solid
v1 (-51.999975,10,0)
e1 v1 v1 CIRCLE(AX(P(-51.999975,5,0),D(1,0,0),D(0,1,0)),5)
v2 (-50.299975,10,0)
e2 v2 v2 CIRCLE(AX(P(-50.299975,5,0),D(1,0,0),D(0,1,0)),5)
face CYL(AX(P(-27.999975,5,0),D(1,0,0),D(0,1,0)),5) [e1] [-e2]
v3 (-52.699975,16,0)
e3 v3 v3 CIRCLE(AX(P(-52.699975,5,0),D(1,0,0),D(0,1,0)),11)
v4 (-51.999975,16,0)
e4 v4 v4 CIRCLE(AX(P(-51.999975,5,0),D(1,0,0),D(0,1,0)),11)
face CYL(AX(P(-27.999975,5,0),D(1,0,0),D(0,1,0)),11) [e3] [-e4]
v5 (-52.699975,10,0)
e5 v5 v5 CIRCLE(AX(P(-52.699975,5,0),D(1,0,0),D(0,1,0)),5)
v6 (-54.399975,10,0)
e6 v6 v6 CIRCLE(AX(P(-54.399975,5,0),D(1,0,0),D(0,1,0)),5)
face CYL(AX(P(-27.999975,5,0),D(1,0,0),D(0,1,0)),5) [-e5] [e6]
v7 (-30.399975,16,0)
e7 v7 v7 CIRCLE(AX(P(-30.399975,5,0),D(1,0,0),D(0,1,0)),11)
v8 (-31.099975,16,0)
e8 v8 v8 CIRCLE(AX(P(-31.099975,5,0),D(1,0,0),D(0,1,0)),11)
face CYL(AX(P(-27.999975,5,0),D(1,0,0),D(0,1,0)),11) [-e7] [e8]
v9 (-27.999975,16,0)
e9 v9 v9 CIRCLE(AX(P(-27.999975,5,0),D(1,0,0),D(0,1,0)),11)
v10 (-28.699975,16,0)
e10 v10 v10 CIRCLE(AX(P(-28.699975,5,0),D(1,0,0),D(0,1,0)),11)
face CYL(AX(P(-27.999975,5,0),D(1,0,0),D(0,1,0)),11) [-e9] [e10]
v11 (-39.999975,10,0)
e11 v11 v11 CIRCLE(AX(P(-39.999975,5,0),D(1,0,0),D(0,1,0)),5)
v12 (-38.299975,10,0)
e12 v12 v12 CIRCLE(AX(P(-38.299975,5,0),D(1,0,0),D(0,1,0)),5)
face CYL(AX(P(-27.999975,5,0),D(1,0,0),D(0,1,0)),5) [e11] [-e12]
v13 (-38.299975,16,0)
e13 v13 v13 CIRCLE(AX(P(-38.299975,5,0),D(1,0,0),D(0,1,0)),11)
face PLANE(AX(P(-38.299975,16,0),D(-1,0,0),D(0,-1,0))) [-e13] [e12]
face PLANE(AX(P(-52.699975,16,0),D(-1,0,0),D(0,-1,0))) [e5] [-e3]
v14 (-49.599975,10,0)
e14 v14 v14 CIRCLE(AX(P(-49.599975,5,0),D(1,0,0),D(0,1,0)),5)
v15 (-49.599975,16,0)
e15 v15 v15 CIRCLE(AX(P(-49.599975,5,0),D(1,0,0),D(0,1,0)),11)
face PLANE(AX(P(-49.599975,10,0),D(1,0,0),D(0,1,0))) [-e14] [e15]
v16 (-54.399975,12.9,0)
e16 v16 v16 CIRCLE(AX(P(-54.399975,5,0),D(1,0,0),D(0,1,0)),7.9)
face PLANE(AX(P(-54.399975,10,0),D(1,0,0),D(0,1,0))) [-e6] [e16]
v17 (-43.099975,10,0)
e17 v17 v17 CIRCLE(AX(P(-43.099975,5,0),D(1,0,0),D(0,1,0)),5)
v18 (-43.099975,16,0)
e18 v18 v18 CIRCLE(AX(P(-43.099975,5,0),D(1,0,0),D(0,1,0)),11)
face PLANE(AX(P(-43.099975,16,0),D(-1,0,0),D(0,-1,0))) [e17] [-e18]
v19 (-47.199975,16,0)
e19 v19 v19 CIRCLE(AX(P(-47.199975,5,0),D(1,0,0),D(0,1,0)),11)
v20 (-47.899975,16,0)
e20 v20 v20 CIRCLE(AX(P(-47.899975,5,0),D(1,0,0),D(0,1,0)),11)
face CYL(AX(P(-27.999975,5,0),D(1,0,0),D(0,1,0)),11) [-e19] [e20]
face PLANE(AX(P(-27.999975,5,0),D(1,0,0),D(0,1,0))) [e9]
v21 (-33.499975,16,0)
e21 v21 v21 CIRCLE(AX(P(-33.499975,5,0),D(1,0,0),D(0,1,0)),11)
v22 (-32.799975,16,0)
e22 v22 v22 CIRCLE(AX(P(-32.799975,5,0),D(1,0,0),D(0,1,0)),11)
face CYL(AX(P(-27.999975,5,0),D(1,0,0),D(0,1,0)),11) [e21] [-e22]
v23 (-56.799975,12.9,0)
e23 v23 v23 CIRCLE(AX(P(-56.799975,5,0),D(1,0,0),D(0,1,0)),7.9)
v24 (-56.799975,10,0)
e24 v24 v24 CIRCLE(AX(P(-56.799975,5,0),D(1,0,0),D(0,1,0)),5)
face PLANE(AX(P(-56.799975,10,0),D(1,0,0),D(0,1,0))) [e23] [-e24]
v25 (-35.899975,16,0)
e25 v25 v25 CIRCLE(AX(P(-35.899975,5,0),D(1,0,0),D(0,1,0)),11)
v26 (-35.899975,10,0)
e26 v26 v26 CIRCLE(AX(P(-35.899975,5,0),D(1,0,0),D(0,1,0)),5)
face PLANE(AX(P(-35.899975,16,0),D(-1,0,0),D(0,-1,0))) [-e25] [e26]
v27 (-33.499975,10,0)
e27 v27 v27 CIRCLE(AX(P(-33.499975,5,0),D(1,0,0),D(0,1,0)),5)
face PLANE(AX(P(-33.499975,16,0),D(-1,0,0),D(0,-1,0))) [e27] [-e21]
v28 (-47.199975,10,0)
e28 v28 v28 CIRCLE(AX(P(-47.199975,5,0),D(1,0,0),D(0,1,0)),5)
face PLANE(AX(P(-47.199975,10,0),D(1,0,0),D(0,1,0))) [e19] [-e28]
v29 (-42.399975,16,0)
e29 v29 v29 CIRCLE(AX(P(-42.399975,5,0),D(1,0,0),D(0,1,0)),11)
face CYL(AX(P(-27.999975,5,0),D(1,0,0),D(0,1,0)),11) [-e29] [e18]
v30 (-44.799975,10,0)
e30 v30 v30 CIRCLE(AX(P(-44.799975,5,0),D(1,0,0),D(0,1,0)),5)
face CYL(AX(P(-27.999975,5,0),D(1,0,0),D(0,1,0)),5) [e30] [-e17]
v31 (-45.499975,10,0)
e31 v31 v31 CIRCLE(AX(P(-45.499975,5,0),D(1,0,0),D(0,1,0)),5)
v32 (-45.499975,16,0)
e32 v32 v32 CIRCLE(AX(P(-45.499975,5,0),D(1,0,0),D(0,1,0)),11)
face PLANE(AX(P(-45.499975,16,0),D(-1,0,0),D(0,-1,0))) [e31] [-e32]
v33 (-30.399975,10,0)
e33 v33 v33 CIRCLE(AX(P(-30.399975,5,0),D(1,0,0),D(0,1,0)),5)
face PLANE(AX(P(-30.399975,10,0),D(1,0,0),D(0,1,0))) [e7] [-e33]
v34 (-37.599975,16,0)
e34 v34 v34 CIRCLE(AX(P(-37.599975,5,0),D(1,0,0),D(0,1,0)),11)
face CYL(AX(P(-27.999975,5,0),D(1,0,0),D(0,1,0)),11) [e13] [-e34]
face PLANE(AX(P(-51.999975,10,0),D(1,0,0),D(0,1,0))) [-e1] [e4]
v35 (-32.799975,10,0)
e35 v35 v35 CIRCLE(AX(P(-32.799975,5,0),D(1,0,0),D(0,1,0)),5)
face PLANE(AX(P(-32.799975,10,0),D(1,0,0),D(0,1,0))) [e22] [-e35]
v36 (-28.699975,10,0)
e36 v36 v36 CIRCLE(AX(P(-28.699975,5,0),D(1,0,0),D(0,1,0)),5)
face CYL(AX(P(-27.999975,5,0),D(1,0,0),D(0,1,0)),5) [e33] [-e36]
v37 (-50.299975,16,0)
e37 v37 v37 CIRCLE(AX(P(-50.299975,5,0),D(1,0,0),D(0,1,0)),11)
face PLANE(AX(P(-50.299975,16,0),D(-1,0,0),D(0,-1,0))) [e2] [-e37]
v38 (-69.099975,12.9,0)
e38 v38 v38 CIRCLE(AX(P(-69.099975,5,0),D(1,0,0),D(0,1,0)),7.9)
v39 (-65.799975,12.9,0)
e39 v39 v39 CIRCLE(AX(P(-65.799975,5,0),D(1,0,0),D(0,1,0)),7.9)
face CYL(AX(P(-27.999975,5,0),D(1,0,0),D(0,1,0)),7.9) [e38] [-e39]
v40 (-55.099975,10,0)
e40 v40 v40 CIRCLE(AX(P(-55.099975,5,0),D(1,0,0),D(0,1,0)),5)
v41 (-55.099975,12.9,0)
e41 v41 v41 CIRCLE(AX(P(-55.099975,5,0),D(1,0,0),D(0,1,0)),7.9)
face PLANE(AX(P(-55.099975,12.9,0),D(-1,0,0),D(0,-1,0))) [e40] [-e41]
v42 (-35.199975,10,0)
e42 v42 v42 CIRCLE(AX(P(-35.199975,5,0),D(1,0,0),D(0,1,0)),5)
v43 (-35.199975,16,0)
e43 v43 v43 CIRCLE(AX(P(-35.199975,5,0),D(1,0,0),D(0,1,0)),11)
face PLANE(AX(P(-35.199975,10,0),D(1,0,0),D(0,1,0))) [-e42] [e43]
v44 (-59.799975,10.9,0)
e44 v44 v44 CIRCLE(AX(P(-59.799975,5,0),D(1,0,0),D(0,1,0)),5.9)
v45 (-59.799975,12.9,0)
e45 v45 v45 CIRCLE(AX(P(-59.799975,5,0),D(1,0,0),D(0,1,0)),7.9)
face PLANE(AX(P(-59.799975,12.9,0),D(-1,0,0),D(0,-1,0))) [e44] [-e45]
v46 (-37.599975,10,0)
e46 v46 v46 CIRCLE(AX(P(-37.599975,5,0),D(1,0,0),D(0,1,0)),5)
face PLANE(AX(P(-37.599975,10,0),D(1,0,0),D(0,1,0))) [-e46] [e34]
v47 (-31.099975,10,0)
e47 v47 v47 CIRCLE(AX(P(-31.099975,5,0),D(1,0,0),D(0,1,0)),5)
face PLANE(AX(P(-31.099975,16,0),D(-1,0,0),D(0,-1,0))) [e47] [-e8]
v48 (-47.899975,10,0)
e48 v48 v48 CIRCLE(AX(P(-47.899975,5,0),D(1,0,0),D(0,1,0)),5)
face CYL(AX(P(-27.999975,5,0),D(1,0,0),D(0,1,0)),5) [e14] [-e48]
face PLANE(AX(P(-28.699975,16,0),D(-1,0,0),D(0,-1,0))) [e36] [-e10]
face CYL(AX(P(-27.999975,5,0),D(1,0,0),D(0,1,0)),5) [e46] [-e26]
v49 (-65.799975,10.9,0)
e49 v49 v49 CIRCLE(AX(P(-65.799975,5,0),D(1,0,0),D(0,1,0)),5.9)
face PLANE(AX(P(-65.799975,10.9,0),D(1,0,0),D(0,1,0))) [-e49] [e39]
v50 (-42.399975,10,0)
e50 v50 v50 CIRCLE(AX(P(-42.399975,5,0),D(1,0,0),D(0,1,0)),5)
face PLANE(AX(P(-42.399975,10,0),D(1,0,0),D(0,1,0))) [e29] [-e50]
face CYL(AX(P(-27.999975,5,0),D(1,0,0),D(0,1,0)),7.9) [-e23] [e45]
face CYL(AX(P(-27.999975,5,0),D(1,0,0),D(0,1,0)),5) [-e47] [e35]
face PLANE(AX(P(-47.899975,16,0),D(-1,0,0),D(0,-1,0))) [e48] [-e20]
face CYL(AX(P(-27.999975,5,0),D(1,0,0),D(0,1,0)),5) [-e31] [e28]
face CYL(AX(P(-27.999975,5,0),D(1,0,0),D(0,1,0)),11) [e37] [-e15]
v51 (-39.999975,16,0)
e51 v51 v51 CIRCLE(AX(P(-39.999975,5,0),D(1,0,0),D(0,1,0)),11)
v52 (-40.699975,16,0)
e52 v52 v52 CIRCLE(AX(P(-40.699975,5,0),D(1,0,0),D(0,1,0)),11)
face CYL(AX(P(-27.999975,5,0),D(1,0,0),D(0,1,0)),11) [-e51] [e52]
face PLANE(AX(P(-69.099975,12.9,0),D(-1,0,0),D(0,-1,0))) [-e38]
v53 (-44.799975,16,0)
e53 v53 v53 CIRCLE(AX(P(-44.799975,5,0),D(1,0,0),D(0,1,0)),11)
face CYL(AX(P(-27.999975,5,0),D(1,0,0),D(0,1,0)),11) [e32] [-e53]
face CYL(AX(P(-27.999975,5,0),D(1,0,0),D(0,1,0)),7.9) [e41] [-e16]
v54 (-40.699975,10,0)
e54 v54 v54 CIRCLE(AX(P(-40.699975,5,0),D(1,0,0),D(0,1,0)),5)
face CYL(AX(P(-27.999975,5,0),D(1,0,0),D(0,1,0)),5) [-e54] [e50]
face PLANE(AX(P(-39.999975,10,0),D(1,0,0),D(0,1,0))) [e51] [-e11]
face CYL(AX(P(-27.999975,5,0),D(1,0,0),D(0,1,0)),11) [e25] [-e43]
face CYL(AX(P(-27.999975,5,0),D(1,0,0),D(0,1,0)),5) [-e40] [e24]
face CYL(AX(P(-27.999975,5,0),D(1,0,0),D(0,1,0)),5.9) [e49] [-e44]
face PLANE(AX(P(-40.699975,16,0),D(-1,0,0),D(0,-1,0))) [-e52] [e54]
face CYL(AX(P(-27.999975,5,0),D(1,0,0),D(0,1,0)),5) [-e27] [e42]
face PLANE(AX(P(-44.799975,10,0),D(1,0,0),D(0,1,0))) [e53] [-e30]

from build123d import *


with BuildPart() as part:
    # Esboço1 → Revolução1 (revolve)
    with BuildSketch(Plane.XY):
        Polygon((-27.999975, 5), (-27.999975, 16), (-28.699975, 16), (-28.699975, 10), (-30.399975, 10), (-30.399975, 16), (-31.099975, 16), (-31.099975, 10), (-32.799975, 10), (-32.799975, 16), (-33.499975, 16), (-33.499975, 10), (-35.199975, 10), (-35.199975, 16), (-35.899975, 16), (-35.899975, 10), (-37.599975, 10), (-37.599975, 16), (-38.299975, 16), (-38.299975, 10), (-39.999975, 10), (-39.999975, 16), (-40.699975, 16), (-40.699975, 10), (-42.399975, 10), (-42.399975, 16), (-43.099975, 16), (-43.099975, 10), (-44.799975, 10), (-44.799975, 16), (-45.499975, 16), (-45.499975, 10), (-47.199975, 10), (-47.199975, 16), (-47.899975, 16), (-47.899975, 10), (-49.599975, 10), (-49.599975, 16), (-50.299975, 16), (-50.299975, 10), (-51.999975, 10), (-51.999975, 16), (-52.699975, 16), (-52.699975, 10), (-54.399975, 10), (-54.399975, 12.9), (-55.099975, 12.9), (-55.099975, 10), (-56.799975, 10), (-56.799975, 12.9), (-59.799975, 12.9), (-59.799975, 10.9), (-65.799975, 10.9), (-65.799975, 12.9), (-69.099975, 12.9), (-69.099975, 5), align=None)
    revolve(axis=Axis((-27.999975, 5, 0), (-1, 0, 0)))


solid = part.part
